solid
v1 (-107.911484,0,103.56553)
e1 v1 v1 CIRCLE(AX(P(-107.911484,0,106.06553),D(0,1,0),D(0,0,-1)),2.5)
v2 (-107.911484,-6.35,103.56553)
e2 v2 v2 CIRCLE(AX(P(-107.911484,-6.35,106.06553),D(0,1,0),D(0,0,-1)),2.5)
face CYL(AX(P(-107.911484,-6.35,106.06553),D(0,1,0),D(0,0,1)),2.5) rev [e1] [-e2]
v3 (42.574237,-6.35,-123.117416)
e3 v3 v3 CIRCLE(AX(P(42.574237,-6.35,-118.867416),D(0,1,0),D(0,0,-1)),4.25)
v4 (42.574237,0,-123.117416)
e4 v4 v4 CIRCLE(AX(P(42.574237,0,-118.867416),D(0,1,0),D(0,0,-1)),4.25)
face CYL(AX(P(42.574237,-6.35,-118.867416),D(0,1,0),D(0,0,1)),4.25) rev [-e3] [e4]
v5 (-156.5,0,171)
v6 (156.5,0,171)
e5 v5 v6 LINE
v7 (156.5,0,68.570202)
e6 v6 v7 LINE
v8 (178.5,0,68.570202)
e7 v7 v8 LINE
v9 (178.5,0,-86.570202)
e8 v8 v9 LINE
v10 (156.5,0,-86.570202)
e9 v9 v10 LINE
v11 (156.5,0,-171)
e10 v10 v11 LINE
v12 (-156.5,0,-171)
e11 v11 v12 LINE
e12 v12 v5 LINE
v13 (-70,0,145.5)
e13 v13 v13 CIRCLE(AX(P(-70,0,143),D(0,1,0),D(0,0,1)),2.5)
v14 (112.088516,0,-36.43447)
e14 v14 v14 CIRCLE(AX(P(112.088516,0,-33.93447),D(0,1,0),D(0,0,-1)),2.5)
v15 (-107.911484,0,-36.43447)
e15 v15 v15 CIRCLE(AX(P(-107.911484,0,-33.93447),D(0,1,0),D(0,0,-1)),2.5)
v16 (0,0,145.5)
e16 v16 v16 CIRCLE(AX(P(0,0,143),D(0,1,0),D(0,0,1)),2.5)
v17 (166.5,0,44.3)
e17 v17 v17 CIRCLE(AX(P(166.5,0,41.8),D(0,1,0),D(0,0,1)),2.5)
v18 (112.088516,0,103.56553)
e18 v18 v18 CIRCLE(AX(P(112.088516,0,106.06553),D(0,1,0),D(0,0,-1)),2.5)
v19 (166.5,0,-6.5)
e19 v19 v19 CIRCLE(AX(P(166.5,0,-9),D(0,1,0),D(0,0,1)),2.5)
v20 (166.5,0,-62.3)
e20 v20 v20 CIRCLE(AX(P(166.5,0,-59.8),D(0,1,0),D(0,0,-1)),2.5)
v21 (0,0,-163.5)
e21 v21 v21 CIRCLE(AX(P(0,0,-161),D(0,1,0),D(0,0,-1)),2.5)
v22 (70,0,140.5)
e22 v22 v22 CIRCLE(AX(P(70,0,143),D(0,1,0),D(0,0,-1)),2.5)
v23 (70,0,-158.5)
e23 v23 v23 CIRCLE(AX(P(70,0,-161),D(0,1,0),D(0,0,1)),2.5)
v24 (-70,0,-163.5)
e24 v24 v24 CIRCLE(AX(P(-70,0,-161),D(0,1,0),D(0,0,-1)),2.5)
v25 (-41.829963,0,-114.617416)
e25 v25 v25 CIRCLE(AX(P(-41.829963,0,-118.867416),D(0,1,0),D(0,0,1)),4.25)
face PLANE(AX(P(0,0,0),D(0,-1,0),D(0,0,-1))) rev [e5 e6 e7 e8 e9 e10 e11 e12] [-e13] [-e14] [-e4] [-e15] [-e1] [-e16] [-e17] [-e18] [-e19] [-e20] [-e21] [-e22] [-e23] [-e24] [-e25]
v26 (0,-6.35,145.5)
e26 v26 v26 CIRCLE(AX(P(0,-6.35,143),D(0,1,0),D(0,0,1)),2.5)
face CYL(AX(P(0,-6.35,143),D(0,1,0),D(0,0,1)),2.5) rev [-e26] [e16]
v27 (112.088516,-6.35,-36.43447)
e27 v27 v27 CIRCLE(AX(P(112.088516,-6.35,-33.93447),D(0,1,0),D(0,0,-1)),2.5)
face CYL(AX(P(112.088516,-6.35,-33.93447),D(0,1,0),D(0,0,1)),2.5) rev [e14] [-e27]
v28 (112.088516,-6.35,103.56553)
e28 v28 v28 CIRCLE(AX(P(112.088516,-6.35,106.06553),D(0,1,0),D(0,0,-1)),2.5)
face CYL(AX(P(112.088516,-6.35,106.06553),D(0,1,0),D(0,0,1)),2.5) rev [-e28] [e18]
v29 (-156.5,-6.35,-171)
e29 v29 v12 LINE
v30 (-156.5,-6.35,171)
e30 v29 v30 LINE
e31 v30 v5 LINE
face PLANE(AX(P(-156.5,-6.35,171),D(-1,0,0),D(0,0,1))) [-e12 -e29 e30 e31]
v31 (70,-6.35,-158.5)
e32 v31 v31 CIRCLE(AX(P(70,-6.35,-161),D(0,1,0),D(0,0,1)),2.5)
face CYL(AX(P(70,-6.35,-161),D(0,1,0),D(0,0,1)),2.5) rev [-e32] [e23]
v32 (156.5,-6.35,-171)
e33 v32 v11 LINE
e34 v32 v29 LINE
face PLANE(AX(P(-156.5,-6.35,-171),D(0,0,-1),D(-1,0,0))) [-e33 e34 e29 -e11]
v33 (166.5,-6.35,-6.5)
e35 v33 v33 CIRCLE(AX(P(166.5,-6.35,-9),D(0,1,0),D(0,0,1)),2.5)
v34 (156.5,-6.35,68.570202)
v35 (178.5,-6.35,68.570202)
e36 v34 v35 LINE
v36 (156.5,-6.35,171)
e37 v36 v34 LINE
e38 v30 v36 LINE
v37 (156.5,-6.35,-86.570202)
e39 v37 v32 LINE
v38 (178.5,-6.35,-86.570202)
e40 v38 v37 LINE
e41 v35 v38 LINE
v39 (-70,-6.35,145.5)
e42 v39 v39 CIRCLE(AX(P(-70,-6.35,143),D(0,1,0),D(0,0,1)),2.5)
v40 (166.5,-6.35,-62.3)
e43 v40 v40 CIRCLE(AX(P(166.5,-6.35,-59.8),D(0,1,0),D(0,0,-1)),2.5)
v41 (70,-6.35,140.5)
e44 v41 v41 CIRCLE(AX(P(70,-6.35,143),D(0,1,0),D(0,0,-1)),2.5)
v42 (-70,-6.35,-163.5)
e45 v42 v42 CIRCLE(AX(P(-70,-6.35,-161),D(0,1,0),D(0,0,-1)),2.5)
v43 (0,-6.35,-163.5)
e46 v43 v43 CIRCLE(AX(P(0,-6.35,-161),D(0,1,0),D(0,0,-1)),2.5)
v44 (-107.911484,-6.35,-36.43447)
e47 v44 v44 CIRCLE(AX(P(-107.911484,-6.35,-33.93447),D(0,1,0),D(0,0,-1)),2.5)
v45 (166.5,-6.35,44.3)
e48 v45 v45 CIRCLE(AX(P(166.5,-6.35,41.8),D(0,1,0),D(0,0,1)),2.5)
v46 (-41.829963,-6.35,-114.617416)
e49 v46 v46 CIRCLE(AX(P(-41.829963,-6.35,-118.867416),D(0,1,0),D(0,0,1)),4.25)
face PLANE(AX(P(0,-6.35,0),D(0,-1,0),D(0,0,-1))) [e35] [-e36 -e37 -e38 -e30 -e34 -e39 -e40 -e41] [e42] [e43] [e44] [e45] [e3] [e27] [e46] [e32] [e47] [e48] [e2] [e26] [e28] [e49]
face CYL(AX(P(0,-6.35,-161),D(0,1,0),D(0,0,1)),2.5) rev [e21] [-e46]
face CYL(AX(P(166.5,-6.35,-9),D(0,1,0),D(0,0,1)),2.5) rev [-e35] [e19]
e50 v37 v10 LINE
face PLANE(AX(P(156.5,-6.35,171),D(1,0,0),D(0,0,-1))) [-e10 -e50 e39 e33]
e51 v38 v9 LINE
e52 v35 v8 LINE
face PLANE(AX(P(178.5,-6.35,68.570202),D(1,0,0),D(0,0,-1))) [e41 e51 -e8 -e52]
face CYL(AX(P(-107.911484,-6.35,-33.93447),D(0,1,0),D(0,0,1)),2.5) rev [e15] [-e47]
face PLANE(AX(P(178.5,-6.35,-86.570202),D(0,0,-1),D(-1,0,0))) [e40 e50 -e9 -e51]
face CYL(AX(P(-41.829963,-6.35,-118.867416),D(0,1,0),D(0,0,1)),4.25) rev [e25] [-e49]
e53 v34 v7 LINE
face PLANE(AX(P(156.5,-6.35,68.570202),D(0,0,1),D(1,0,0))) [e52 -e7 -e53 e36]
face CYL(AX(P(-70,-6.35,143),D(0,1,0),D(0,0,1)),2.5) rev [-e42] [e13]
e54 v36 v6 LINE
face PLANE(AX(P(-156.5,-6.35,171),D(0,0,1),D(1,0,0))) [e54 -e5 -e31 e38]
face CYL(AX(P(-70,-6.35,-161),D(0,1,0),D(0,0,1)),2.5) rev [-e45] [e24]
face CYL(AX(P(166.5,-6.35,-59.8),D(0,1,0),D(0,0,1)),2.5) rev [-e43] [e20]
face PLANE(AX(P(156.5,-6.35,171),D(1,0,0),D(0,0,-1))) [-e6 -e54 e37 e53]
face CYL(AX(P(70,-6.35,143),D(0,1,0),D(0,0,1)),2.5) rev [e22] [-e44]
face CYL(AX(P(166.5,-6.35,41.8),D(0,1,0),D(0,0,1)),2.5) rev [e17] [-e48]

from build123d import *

# Parameters (mm, degrees)
SKETCH1_W           = 313
SKETCH1_H           = 342
BOSS_EXTRUDE1_DEPTH = 6.35
SKETCH3_W           = 22
SKETCH3_H           = 155.14040353
SKETCH3_R           = 2.5
BOSS_EXTRUDE2_DEPTH = 6.35
SKETCH2_R           = 2.5
CUT_EXTRUDE1_DEPTH  = 7.35
SKETCH4_R           = 4.25
SKETCH4_R_2         = 2.5
CUT_EXTRUDE2_DEPTH  = 7.35


with BuildPart() as part:
    # Sketch1 → Boss-Extrude1 (new body)
    with BuildSketch(Plane(origin=(0, 0, 0), x_dir=(1, 0, 0), z_dir=(0, 1, 0))):
        Rectangle(SKETCH1_W, SKETCH1_H)
    extrude(amount=-BOSS_EXTRUDE1_DEPTH)

    # Sketch3 → Boss-Extrude2 (add)
    with BuildSketch(Plane(origin=(0, 0, 0), x_dir=(1, 0, 0), z_dir=(0, 1, 0))):
        with Locations((167.5, 9)):
            Rectangle(SKETCH3_W, SKETCH3_H)
        with Locations((166.5, 9)):
            Circle(SKETCH3_R, mode=Mode.SUBTRACT)
        with Locations((166.5, -41.8)):
            Circle(SKETCH3_R, mode=Mode.SUBTRACT)
        with Locations((166.5, 59.8)):
            Circle(SKETCH3_R, mode=Mode.SUBTRACT)
    extrude(amount=-BOSS_EXTRUDE2_DEPTH)

    # Sketch2 → Cut-Extrude1 (cut, through all)
    with BuildSketch(Plane(origin=(0, 0, 0), x_dir=(1, 0, 0), z_dir=(0, 1, 0))):
        with Locations((0, -143)):
            Circle(SKETCH2_R)
        with Locations((-70, -143)):
            Circle(SKETCH2_R)
        with Locations((70, -143)):
            Circle(SKETCH2_R)
        with Locations((-70, 161)):
            Circle(SKETCH2_R)
        with Locations((0, 161)):
            Circle(SKETCH2_R)
        with Locations((70, 161)):
            Circle(SKETCH2_R)
    extrude(amount=-CUT_EXTRUDE1_DEPTH, mode=Mode.SUBTRACT)

    # Sketch4 → Cut-Extrude2 (cut, through all)
    with BuildSketch(Plane(origin=(0, 0, 0), x_dir=(1, 0, 0), z_dir=(0, 1, 0))):
        with Locations((42.574237453, 118.86741573)):
            Circle(SKETCH4_R)
        with Locations((-41.829962547, 118.86741573)):
            Circle(SKETCH4_R)
        with Locations((-107.911484214, -106.065530058)):
            Circle(SKETCH4_R_2)
        with Locations((-107.911484214, 33.934469942)):
            Circle(SKETCH4_R_2)
        with Locations((112.088515786, 33.934469942)):
            Circle(SKETCH4_R_2)
        with Locations((112.088515786, -106.065530058)):
            Circle(SKETCH4_R_2)
    extrude(amount=-CUT_EXTRUDE2_DEPTH, mode=Mode.SUBTRACT)


solid = part.part
